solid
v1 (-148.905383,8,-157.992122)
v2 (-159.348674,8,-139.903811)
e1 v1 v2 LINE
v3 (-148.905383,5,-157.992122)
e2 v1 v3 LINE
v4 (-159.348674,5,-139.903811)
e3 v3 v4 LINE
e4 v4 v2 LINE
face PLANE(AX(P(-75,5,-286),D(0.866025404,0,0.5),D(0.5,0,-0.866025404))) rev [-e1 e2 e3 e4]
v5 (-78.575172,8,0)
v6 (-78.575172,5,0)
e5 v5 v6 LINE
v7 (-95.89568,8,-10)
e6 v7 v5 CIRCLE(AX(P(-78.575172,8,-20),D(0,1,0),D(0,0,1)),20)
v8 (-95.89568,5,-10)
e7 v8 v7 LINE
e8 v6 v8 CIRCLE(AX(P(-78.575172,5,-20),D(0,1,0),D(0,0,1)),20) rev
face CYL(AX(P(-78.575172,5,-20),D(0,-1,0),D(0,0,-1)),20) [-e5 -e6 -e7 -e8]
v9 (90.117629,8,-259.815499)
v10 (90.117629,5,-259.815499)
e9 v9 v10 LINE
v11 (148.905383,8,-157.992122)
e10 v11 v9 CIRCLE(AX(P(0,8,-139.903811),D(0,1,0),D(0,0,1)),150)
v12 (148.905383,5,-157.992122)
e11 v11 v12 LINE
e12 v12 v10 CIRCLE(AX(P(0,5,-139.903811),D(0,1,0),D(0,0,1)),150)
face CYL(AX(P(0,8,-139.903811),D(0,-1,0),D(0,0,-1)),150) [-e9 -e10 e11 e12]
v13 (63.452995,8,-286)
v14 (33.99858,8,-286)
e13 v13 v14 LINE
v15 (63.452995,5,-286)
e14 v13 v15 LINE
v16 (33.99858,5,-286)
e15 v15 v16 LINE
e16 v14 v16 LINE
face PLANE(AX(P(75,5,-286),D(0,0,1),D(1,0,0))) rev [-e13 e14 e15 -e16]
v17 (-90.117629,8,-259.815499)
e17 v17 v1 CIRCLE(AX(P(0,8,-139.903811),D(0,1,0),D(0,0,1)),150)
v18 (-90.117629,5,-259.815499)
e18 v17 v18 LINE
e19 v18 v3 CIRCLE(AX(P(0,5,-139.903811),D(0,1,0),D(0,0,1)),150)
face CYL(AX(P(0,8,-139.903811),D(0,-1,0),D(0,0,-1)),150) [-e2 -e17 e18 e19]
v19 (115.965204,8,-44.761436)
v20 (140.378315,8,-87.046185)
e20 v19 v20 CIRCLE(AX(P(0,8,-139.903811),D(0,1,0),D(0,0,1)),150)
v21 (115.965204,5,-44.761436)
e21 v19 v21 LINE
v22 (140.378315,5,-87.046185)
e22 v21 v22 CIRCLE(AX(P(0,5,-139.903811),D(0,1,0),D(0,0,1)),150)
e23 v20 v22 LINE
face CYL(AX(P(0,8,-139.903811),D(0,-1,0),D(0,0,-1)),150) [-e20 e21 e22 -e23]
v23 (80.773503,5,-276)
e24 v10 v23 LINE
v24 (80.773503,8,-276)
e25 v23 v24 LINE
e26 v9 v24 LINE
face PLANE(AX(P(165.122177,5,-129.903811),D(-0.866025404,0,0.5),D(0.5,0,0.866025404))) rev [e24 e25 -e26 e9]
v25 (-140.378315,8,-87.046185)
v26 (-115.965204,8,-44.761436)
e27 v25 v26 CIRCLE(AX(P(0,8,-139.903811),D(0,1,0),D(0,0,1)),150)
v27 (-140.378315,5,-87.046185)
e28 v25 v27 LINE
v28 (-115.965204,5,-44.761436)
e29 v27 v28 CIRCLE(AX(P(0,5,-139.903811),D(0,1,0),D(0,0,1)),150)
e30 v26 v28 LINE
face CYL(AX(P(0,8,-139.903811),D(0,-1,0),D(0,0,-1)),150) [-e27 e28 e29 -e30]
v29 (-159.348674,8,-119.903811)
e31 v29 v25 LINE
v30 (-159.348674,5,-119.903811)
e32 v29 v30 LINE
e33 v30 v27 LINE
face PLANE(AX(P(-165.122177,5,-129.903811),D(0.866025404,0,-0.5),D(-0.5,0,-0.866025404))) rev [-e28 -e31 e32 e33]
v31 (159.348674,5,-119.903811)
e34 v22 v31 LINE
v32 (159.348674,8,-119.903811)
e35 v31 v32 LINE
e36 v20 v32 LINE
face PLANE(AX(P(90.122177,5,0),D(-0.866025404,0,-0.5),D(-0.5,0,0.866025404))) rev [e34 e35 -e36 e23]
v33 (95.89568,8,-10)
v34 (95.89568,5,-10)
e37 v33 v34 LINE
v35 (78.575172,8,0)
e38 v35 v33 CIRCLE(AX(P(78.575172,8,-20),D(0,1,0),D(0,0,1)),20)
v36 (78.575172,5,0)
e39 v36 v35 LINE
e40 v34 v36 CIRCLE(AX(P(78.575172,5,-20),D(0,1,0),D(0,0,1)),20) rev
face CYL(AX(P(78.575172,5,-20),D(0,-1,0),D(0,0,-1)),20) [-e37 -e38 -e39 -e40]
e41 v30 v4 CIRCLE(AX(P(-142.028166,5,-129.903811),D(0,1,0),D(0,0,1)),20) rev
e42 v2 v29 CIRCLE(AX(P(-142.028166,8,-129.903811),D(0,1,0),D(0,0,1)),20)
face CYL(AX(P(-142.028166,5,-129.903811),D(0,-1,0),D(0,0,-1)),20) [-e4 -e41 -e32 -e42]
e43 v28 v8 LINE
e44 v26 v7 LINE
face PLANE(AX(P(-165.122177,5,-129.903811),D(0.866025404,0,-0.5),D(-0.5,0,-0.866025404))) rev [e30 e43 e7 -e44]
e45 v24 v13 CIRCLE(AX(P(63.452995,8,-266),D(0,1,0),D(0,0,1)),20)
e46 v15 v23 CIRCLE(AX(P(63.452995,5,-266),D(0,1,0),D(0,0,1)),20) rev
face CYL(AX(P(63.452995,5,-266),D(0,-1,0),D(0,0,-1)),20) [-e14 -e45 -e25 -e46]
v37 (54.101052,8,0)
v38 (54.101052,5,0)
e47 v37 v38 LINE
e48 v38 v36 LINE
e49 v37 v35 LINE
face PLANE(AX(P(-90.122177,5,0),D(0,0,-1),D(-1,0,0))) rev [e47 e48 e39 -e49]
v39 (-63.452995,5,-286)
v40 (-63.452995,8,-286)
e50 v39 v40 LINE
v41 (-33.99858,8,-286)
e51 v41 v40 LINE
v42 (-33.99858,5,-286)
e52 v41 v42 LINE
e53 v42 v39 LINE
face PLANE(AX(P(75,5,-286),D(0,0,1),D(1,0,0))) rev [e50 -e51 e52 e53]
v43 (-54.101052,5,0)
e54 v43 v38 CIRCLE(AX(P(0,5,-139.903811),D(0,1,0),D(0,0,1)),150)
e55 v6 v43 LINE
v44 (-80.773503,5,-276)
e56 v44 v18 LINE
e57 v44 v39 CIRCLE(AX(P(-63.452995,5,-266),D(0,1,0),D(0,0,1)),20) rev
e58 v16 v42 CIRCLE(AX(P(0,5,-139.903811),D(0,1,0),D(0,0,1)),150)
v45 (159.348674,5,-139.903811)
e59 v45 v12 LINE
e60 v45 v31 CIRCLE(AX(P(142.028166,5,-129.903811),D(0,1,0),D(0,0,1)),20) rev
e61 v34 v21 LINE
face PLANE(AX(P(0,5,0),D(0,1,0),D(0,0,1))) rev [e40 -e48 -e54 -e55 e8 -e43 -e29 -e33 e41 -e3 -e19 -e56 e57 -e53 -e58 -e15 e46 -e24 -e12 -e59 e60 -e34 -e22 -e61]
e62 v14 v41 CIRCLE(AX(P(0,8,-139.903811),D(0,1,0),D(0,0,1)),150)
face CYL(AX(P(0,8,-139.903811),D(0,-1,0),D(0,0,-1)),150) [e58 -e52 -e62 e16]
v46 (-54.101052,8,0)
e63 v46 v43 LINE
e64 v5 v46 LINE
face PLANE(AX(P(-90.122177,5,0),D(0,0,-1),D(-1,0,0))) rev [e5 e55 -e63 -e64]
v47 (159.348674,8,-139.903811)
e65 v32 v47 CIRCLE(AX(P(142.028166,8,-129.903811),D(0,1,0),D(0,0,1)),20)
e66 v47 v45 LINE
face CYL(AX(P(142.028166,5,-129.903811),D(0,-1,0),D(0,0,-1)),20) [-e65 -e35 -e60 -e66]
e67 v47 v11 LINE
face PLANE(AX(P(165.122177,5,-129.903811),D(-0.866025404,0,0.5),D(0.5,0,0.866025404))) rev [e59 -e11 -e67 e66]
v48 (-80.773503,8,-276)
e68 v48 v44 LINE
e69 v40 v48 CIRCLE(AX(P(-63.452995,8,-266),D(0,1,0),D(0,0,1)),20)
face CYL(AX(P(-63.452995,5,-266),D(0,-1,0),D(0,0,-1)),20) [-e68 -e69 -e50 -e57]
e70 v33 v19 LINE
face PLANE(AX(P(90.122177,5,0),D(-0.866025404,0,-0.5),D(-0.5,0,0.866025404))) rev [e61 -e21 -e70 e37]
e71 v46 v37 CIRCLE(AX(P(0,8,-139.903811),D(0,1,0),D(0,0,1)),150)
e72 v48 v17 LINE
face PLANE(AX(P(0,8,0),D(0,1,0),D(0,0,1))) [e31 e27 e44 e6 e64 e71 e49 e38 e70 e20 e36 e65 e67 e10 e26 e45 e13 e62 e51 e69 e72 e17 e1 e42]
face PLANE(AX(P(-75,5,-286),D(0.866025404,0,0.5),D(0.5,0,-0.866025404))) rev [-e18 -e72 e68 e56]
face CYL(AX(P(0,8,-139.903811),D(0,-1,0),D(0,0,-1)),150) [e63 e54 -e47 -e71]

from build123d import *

# Parameters (mm, degrees)
EXTRUDE_1_DEPTH     = 5
FILLET_1_R          = 20
EXTRUDE_START       = 3
EXTRUDE_2_DEPTH     = 3
SKETCH_5_W          = 424.898907654
SKETCH_5_H          = 342.867142677
CUT_EXTRUDE_2_DEPTH = 13


with BuildPart() as part:
    # 草圖1 → 填料-伸長1 (new body)
    with BuildSketch(Plane(origin=(0, 0, 0), x_dir=(1, 0, 0), z_dir=(0, 1, 0))):
        Polygon((-90.122176988, 0), (90.122176988, 0), (165.122176988, 129.903810568), (75, 286), (-75, 286), (-165.122176988, 129.903810568), align=None)
    extrude(amount=EXTRUDE_1_DEPTH)

    # 圓角1
    fillet_1_edges = [part.edges().sort_by_distance(p)[0] for p in [
        (-165.122176988, 2.5, -129.903810568),
        (-75, 2.5, -286),
        (75, 2.5, -286),
        (165.122176988, 2.5, -129.903810568),
        (90.122176988, 2.5, 0),
        (-90.122176988, 2.5, 0),
    ]]
    fillet(fillet_1_edges, radius=FILLET_1_R)

    # 草圖3 → 填料-伸長2 (add)
    with BuildSketch(Plane(origin=(0, 5, 0), x_dir=(1, 0, 0), z_dir=(0, 1, 0)).offset(EXTRUDE_START)):
        with BuildLine():
            Line((-159.348674296, 119.903810568), (-140.378315376, 87.04618508))
            ThreePointArc((-140.378315376, 87.04618508), (-129.903810568, 64.903810568), (-115.965204144, 44.761436056))
            Line((-115.965204144, 44.761436056), (-95.89567968, 10))
            ThreePointArc((-95.89567968, 10), (-88.575171604, 2.679491924), (-78.575171604, 0))
            Line((-78.575171604, 0), (-54.101051641, 0))
            ThreePointArc((-54.101051641, 0), (0, -10.096189432), (54.101051641, 0))
            Line((54.101051641, 0), (78.575171604, 0))
            ThreePointArc((78.575171604, 0), (88.575171604, 2.679491924), (95.89567968, 10))
            Line((95.89567968, 10), (115.965204144, 44.761436056))
            ThreePointArc((115.965204144, 44.761436056), (129.903810568, 64.903810568), (140.378315376, 87.04618508))
            Line((140.378315376, 87.04618508), (159.348674296, 119.903810568))
            ThreePointArc((159.348674296, 119.903810568), (162.028166221, 129.903810568), (159.348674296, 139.903810568))
            Line((159.348674296, 139.903810568), (148.905382636, 157.992122322))
            ThreePointArc((148.905382636, 157.992122322), (129.903810568, 214.903810568), (90.117628809, 259.815498813))
            Line((90.117628809, 259.815498813), (80.773502692, 276))
            ThreePointArc((80.773502692, 276), (73.452994616, 283.320508076), (63.452994616, 286))
            Line((63.452994616, 286), (33.998579873, 286))
            ThreePointArc((33.998579873, 286), (0, 289.903810568), (-33.998579873, 286))
            Line((-33.998579873, 286), (-63.452994616, 286))
            ThreePointArc((-63.452994616, 286), (-73.452994616, 283.320508076), (-80.773502692, 276))
            Line((-80.773502692, 276), (-90.117628809, 259.815498813))
            ThreePointArc((-90.117628809, 259.815498813), (-129.903810568, 214.903810568), (-148.905382636, 157.992122322))
            Line((-148.905382636, 157.992122322), (-159.348674296, 139.903810568))
            ThreePointArc((-159.348674296, 139.903810568), (-162.028166221, 129.903810568), (-159.348674296, 119.903810568))
        make_face()
    extrude(amount=-EXTRUDE_2_DEPTH)

    # 草圖5 → 除料-伸長2 (cut)
    with BuildSketch(Plane.XZ.offset(-5)):
        with Locations((0.961309746, -138.62206424)):
            Rectangle(SKETCH_5_W, SKETCH_5_H)
    extrude(amount=CUT_EXTRUDE_2_DEPTH, mode=Mode.SUBTRACT)


solid = part.part
